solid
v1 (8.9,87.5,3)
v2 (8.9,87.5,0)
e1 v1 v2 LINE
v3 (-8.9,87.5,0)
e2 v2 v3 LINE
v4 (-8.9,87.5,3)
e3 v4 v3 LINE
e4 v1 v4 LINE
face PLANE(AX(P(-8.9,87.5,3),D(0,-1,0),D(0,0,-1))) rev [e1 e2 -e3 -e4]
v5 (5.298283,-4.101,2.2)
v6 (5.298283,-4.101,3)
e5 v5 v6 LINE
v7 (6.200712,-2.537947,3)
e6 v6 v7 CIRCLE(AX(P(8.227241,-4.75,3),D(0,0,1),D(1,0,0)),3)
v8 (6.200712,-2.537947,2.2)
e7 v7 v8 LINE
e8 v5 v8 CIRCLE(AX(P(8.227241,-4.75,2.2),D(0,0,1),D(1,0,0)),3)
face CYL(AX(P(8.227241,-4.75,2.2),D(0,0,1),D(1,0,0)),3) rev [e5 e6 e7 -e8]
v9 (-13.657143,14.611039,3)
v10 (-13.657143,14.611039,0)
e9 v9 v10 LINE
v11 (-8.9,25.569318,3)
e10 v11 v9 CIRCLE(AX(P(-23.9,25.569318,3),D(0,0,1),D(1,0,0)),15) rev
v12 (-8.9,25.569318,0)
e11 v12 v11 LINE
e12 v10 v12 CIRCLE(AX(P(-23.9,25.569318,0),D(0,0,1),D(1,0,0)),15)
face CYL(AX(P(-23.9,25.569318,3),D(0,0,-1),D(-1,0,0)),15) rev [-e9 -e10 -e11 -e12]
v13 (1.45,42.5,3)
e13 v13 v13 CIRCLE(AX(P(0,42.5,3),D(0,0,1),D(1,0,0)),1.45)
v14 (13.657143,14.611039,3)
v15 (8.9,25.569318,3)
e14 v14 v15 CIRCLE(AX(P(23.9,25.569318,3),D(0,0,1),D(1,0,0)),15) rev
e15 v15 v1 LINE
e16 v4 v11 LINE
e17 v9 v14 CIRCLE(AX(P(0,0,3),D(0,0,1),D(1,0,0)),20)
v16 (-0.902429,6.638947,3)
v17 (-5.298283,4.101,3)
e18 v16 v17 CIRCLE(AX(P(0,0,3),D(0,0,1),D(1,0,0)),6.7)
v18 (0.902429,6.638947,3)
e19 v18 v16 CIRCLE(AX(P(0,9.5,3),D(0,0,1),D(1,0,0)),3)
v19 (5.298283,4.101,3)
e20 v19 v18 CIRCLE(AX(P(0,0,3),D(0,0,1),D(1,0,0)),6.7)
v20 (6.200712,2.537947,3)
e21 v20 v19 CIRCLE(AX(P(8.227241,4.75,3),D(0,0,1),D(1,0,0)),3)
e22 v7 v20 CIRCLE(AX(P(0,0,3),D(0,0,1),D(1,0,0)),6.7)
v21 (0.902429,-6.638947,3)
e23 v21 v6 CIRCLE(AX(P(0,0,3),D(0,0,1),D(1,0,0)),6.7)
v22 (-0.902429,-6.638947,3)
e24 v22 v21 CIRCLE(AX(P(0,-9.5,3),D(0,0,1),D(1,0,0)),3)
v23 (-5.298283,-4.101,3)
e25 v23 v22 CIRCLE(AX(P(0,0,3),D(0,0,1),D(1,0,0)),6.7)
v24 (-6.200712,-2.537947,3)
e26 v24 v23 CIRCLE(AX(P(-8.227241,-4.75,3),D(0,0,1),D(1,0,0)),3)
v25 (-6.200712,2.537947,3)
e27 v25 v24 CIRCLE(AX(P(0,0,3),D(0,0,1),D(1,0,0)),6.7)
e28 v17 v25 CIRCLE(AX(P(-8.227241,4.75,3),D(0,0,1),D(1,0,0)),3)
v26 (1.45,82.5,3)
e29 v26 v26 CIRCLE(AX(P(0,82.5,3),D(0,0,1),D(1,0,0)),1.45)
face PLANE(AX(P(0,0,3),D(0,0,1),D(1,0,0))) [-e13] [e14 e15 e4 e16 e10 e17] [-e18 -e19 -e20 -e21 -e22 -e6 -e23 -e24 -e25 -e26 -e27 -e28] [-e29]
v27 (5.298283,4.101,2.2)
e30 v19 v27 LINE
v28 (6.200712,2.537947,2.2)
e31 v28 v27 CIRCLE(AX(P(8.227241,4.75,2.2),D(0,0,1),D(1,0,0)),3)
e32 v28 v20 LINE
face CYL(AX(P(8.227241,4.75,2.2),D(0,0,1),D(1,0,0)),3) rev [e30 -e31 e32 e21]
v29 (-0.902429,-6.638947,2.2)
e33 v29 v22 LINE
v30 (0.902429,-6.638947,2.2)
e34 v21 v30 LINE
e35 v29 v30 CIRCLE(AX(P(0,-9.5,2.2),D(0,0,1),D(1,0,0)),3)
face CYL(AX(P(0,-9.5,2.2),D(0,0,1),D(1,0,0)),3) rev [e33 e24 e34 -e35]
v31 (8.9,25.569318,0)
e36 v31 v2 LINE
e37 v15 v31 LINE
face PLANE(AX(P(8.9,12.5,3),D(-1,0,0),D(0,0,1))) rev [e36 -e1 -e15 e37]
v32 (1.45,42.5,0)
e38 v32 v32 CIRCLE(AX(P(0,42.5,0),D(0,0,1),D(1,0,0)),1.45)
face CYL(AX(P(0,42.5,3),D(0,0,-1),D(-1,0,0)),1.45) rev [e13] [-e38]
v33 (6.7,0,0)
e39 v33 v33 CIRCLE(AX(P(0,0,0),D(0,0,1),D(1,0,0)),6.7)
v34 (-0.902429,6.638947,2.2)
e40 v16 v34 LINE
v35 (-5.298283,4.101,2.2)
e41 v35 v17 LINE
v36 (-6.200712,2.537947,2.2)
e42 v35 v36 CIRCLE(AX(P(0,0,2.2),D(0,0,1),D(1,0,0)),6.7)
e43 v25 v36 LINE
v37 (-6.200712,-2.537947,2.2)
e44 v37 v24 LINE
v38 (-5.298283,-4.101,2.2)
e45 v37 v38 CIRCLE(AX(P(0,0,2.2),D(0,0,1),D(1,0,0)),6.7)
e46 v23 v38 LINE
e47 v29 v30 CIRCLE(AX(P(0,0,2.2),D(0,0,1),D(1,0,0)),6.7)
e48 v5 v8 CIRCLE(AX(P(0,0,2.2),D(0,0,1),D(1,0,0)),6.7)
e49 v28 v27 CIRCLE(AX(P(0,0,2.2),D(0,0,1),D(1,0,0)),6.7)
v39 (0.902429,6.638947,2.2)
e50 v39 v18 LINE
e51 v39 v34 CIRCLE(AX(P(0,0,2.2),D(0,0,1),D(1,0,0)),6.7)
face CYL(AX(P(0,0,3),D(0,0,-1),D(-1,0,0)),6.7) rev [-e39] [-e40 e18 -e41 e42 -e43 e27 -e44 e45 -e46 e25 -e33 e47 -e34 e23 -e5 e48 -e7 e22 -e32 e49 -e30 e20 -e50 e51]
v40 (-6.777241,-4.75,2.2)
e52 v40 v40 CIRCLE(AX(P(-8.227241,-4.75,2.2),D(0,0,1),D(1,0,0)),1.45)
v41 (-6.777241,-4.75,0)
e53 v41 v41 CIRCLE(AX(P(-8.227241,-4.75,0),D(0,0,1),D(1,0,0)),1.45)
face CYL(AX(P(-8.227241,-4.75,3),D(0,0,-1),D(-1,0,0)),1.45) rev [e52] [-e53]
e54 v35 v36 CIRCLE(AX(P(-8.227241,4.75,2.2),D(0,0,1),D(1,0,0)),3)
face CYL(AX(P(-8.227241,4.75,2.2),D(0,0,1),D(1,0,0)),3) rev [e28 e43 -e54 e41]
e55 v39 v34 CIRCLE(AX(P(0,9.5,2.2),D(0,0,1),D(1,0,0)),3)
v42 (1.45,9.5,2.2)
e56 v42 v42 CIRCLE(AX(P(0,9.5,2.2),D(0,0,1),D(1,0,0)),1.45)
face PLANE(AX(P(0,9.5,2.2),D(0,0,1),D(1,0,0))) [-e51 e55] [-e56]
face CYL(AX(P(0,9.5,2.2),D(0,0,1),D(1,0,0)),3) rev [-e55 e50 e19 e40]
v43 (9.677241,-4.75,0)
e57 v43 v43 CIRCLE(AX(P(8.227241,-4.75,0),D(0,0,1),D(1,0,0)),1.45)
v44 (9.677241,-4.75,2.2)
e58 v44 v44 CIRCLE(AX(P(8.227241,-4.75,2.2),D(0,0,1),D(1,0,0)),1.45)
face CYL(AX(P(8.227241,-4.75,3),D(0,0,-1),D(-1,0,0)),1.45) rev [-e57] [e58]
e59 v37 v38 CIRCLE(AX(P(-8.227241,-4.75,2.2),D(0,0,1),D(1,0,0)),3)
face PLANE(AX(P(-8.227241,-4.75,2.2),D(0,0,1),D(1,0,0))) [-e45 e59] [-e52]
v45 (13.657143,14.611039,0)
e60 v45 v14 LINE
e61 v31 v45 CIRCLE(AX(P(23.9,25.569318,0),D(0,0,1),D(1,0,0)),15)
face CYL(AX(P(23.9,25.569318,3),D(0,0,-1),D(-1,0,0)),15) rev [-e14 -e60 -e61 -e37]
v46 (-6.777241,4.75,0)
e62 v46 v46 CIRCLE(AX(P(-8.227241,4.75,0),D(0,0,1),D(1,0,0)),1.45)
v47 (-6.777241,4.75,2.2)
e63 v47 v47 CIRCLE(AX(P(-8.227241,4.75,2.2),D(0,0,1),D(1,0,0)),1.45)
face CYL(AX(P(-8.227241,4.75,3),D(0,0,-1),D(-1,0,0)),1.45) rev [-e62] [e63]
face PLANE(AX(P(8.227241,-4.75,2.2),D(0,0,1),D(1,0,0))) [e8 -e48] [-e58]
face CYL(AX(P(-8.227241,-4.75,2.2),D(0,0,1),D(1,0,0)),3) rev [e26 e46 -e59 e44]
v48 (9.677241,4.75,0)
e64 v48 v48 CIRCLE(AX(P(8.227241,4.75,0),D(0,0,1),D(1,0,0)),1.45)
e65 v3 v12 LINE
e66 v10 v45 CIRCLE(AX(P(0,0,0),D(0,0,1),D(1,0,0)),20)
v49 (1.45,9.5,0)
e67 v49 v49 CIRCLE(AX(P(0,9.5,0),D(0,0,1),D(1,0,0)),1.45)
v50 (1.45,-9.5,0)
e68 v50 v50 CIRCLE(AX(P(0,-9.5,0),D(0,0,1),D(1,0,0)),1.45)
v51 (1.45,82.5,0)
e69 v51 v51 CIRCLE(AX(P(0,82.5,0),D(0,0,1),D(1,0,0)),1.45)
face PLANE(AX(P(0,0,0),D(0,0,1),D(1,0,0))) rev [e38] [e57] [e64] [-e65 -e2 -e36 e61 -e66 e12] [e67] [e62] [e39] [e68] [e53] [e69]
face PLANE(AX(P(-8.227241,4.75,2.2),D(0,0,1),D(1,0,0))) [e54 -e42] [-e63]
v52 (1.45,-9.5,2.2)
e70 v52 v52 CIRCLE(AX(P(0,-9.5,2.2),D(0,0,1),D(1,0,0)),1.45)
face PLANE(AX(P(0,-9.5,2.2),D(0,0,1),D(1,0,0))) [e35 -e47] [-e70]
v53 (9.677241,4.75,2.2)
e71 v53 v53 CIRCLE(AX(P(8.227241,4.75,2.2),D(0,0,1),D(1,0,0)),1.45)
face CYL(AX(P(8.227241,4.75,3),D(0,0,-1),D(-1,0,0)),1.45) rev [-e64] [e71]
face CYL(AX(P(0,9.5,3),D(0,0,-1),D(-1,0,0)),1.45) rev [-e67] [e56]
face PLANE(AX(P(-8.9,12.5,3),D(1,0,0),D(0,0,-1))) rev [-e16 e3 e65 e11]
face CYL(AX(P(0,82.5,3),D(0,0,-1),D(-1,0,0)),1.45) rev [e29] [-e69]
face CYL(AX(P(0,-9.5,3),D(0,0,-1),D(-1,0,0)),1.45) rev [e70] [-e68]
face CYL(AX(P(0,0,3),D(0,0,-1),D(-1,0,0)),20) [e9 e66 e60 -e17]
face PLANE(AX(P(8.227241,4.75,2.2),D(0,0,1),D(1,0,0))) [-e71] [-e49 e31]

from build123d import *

# Parameters (mm, degrees)
SKETCH_1_R          = 20
SKETCH_1_R_2        = 6.7
SKETCH_1_R_3        = 1.45
EXTRUDE_1_DEPTH     = 3
SKETCH_2_W          = 17.8
SKETCH_2_H          = 75
SKETCH_2_R          = 1.45
EXTRUDE_2_DEPTH     = 3
FILLET_1_R          = 15
SKETCH_3_R          = 3
CUT_EXTRUDE_1_DEPTH = 0.8


with BuildPart() as part:
    # 草图1 → 凸台-拉伸1 (new body)
    with BuildSketch(Plane.XY):
        Circle(SKETCH_1_R)
        Circle(SKETCH_1_R_2, mode=Mode.SUBTRACT)
        with Locations((0, 9.5)):
            Circle(SKETCH_1_R_3, mode=Mode.SUBTRACT)
        with Locations((8.227241336, 4.75)):
            Circle(SKETCH_1_R_3, mode=Mode.SUBTRACT)
        with Locations((8.227241336, -4.75)):
            Circle(SKETCH_1_R_3, mode=Mode.SUBTRACT)
        with Locations((0, -9.5)):
            Circle(SKETCH_1_R_3, mode=Mode.SUBTRACT)
        with Locations((-8.227241336, -4.75)):
            Circle(SKETCH_1_R_3, mode=Mode.SUBTRACT)
        with Locations((-8.227241336, 4.75)):
            Circle(SKETCH_1_R_3, mode=Mode.SUBTRACT)
    extrude(amount=EXTRUDE_1_DEPTH)

    # 草图2 → 凸台-拉伸2 (add)
    with BuildSketch(Plane.XY):
        with Locations((0, 50)):
            Rectangle(SKETCH_2_W, SKETCH_2_H)
        with Locations((0, 42.5)):
            Circle(SKETCH_2_R, mode=Mode.SUBTRACT)
        with Locations((0, 82.5)):
            Circle(SKETCH_2_R, mode=Mode.SUBTRACT)
    extrude(amount=EXTRUDE_2_DEPTH)

    # 圆角1
    fillet_1_edges = [part.edges().sort_by_distance(p)[0] for p in [
        (-8.9, 17.91061138, 1.5),
        (8.9, 17.91061138, 1.5),
    ]]
    fillet(fillet_1_edges, radius=FILLET_1_R)

    # 草图3 → 切除-拉伸1 (cut)
    with BuildSketch(Plane.XY.offset(3)):
        with Locations((0, 9.5)):
            Circle(SKETCH_3_R)
        with Locations((8.227241336, 4.75)):
            Circle(SKETCH_3_R)
        with Locations((8.227241336, -4.75)):
            Circle(SKETCH_3_R)
        with Locations((0, -9.5)):
            Circle(SKETCH_3_R)
        with Locations((-8.227241336, -4.75)):
            Circle(SKETCH_3_R)
        with Locations((-8.227241336, 4.75)):
            Circle(SKETCH_3_R)
    extrude(amount=-CUT_EXTRUDE_1_DEPTH, mode=Mode.SUBTRACT)


solid = part.part
